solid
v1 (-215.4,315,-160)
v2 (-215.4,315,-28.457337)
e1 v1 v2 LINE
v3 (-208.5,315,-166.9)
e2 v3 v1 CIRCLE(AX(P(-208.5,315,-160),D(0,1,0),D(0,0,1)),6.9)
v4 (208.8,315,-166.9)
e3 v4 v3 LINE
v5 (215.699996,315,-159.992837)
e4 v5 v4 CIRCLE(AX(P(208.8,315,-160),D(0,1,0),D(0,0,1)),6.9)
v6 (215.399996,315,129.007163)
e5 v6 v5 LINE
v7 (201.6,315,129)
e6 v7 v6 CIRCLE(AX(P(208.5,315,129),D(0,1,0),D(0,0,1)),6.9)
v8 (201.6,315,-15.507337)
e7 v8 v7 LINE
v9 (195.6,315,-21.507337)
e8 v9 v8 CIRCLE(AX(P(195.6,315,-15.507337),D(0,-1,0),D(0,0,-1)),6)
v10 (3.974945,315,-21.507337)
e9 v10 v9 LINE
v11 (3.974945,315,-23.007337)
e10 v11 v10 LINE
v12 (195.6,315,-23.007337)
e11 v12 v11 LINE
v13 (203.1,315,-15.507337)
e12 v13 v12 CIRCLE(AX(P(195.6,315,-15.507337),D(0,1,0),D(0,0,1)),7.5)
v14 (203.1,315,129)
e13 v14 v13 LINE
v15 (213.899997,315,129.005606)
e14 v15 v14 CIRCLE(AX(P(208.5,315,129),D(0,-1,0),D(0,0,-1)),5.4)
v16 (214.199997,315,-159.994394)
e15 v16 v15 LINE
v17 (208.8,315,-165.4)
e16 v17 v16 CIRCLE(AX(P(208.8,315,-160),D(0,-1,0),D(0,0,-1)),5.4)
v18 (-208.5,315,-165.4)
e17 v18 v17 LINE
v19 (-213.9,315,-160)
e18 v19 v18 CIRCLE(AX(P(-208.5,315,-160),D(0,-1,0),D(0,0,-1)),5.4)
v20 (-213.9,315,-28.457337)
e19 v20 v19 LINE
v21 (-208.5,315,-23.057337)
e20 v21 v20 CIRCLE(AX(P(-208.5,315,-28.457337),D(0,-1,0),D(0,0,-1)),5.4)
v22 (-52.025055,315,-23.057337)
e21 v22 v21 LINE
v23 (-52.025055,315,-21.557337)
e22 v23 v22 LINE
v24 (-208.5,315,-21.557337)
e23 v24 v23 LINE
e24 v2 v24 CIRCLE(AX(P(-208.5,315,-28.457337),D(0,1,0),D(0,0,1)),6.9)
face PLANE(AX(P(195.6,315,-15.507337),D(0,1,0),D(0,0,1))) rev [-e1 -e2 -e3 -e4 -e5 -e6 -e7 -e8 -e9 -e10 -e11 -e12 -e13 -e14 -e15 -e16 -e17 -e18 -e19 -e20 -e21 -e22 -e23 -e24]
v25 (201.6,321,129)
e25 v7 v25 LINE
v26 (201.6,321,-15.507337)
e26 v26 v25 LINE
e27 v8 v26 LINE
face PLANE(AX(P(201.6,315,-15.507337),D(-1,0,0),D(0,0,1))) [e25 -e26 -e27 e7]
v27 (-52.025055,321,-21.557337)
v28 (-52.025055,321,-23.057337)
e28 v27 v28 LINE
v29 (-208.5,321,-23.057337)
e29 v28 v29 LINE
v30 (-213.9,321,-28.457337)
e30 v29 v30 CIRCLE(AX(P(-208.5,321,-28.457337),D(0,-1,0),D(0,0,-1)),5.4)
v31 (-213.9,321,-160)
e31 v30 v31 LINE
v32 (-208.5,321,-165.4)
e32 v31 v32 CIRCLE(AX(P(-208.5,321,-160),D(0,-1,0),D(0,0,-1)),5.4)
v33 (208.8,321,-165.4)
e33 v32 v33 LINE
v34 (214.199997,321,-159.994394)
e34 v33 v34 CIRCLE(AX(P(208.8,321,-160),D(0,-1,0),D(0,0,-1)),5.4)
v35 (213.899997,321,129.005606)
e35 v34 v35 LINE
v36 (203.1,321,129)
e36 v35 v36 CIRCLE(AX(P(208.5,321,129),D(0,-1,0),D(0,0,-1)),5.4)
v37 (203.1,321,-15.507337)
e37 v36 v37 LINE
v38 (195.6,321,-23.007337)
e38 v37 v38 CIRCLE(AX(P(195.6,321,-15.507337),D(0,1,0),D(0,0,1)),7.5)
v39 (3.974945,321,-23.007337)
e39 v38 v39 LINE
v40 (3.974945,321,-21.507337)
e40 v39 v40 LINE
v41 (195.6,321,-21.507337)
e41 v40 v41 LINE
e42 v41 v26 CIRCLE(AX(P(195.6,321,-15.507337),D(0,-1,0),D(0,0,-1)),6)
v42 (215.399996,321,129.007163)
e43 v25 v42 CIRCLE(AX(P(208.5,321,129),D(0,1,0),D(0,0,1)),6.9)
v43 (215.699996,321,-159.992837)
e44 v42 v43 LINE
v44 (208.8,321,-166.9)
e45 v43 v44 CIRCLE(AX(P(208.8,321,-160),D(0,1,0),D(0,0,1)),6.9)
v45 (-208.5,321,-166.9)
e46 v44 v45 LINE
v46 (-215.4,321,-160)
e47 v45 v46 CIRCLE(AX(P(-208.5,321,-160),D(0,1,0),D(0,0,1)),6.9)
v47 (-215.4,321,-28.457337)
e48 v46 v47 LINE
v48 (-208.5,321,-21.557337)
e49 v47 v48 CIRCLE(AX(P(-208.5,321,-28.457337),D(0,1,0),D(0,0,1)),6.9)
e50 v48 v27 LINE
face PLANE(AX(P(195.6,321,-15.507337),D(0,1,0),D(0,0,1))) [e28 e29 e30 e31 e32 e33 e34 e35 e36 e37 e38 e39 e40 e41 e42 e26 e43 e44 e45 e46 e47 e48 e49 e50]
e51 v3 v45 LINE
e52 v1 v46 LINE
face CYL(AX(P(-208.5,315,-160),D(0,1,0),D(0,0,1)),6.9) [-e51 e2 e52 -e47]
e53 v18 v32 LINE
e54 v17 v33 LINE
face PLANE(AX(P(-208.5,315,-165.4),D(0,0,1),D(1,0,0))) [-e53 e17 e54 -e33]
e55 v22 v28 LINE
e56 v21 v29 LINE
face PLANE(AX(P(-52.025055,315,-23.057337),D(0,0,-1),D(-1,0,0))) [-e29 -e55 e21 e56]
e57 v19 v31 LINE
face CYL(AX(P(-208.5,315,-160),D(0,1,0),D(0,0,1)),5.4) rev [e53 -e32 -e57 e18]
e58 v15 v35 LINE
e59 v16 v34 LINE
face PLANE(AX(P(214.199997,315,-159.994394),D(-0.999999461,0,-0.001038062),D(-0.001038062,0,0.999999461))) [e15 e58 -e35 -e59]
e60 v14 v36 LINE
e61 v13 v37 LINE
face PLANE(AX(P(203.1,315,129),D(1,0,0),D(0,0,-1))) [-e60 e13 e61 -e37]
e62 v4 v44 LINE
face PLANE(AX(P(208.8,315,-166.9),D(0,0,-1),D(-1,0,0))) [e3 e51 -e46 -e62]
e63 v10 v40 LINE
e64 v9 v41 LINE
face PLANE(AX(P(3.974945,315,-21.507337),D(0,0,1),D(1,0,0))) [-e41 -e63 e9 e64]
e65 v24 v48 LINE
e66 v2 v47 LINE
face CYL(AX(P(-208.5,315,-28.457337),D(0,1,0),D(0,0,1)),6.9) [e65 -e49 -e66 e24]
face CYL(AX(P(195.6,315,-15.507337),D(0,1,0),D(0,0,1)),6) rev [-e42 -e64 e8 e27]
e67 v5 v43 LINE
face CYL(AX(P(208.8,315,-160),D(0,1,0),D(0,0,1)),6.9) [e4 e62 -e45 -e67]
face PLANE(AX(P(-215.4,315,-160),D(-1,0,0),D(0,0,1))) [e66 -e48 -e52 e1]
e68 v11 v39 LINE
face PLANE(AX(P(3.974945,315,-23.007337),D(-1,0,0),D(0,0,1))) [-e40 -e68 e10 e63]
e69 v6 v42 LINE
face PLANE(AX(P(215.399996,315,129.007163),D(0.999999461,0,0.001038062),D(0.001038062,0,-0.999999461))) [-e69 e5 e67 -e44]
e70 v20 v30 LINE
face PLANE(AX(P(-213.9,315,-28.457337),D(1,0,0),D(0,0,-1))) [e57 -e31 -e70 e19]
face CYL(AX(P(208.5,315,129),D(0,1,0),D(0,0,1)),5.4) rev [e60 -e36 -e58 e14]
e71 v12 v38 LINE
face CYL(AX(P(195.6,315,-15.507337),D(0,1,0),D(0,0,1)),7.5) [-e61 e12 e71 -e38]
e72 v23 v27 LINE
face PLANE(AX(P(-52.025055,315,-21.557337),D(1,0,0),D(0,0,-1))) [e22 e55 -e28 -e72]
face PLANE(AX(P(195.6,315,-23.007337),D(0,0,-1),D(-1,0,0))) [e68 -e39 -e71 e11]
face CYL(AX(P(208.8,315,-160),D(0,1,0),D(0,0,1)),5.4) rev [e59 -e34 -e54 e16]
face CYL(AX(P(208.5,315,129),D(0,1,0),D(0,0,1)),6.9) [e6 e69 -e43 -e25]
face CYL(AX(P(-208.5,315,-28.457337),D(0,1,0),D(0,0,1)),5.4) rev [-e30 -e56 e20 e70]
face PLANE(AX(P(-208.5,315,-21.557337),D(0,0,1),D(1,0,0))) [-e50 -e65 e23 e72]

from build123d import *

# Parameters (mm, degrees)
BOSS_EXTRUDE1_DEPTH = 6


with BuildPart() as part:
    # Sketch1 → Boss-Extrude1 (new body)
    with BuildSketch(Plane(origin=(0, 321, 0), x_dir=(1, 0, 0), z_dir=(0, 1, 0))):
        with BuildLine():
            Line((195.6, 23.007337011), (3.974945104, 23.007337011))
            Line((3.974945104, 23.007337011), (3.974945104, 21.507337011))
            Line((3.974945104, 21.507337011), (195.6, 21.507337011))
            ThreePointArc((195.6, 21.507337011), (199.842640687, 19.749977698), (201.6, 15.507337011))
            Line((201.6, 15.507337011), (201.6, -129))
            ThreePointArc((201.6, -129), (208.496418687, -135.899999071), (215.399996282, -129.007162626))
            Line((215.399996282, -129.007162626), (215.699996282, 159.992837374))
            ThreePointArc((215.699996282, 159.992837374), (213.681568504, 164.876503762), (208.8, 166.9))
            Line((208.8, 166.9), (-208.5, 166.9))
            ThreePointArc((-208.5, 166.9), (-213.37903679, 164.87903679), (-215.4, 160))
            Line((-215.4, 160), (-215.4, 28.457337011))
            ThreePointArc((-215.4, 28.457337011), (-213.37903679, 23.578300221), (-208.5, 21.557337011))
            Line((-208.5, 21.557337011), (-52.025054896, 21.557337011))
            Line((-52.025054896, 21.557337011), (-52.025054896, 23.057337011))
            Line((-52.025054896, 23.057337011), (-208.5, 23.057337011))
            ThreePointArc((-208.5, 23.057337011), (-212.318376618, 24.638960392), (-213.9, 28.457337011))
            Line((-213.9, 28.457337011), (-213.9, 160))
            ThreePointArc((-213.9, 160), (-212.318376618, 163.818376618), (-208.5, 165.4))
            Line((-208.5, 165.4), (208.8, 165.4))
            ThreePointArc((208.8, 165.4), (212.62035796, 163.816394249), (214.199997091, 159.994394467))
            Line((214.199997091, 159.994394467), (213.899997091, -129.005605533))
            ThreePointArc((213.899997091, -129.005605533), (208.497197233, -134.399999273), (203.1, -129))
            Line((203.1, -129), (203.1, 15.507337011))
            ThreePointArc((203.1, 15.507337011), (200.903300859, 20.81063787), (195.6, 23.007337011))
        make_face()
    extrude(amount=-BOSS_EXTRUDE1_DEPTH)


solid = part.part
